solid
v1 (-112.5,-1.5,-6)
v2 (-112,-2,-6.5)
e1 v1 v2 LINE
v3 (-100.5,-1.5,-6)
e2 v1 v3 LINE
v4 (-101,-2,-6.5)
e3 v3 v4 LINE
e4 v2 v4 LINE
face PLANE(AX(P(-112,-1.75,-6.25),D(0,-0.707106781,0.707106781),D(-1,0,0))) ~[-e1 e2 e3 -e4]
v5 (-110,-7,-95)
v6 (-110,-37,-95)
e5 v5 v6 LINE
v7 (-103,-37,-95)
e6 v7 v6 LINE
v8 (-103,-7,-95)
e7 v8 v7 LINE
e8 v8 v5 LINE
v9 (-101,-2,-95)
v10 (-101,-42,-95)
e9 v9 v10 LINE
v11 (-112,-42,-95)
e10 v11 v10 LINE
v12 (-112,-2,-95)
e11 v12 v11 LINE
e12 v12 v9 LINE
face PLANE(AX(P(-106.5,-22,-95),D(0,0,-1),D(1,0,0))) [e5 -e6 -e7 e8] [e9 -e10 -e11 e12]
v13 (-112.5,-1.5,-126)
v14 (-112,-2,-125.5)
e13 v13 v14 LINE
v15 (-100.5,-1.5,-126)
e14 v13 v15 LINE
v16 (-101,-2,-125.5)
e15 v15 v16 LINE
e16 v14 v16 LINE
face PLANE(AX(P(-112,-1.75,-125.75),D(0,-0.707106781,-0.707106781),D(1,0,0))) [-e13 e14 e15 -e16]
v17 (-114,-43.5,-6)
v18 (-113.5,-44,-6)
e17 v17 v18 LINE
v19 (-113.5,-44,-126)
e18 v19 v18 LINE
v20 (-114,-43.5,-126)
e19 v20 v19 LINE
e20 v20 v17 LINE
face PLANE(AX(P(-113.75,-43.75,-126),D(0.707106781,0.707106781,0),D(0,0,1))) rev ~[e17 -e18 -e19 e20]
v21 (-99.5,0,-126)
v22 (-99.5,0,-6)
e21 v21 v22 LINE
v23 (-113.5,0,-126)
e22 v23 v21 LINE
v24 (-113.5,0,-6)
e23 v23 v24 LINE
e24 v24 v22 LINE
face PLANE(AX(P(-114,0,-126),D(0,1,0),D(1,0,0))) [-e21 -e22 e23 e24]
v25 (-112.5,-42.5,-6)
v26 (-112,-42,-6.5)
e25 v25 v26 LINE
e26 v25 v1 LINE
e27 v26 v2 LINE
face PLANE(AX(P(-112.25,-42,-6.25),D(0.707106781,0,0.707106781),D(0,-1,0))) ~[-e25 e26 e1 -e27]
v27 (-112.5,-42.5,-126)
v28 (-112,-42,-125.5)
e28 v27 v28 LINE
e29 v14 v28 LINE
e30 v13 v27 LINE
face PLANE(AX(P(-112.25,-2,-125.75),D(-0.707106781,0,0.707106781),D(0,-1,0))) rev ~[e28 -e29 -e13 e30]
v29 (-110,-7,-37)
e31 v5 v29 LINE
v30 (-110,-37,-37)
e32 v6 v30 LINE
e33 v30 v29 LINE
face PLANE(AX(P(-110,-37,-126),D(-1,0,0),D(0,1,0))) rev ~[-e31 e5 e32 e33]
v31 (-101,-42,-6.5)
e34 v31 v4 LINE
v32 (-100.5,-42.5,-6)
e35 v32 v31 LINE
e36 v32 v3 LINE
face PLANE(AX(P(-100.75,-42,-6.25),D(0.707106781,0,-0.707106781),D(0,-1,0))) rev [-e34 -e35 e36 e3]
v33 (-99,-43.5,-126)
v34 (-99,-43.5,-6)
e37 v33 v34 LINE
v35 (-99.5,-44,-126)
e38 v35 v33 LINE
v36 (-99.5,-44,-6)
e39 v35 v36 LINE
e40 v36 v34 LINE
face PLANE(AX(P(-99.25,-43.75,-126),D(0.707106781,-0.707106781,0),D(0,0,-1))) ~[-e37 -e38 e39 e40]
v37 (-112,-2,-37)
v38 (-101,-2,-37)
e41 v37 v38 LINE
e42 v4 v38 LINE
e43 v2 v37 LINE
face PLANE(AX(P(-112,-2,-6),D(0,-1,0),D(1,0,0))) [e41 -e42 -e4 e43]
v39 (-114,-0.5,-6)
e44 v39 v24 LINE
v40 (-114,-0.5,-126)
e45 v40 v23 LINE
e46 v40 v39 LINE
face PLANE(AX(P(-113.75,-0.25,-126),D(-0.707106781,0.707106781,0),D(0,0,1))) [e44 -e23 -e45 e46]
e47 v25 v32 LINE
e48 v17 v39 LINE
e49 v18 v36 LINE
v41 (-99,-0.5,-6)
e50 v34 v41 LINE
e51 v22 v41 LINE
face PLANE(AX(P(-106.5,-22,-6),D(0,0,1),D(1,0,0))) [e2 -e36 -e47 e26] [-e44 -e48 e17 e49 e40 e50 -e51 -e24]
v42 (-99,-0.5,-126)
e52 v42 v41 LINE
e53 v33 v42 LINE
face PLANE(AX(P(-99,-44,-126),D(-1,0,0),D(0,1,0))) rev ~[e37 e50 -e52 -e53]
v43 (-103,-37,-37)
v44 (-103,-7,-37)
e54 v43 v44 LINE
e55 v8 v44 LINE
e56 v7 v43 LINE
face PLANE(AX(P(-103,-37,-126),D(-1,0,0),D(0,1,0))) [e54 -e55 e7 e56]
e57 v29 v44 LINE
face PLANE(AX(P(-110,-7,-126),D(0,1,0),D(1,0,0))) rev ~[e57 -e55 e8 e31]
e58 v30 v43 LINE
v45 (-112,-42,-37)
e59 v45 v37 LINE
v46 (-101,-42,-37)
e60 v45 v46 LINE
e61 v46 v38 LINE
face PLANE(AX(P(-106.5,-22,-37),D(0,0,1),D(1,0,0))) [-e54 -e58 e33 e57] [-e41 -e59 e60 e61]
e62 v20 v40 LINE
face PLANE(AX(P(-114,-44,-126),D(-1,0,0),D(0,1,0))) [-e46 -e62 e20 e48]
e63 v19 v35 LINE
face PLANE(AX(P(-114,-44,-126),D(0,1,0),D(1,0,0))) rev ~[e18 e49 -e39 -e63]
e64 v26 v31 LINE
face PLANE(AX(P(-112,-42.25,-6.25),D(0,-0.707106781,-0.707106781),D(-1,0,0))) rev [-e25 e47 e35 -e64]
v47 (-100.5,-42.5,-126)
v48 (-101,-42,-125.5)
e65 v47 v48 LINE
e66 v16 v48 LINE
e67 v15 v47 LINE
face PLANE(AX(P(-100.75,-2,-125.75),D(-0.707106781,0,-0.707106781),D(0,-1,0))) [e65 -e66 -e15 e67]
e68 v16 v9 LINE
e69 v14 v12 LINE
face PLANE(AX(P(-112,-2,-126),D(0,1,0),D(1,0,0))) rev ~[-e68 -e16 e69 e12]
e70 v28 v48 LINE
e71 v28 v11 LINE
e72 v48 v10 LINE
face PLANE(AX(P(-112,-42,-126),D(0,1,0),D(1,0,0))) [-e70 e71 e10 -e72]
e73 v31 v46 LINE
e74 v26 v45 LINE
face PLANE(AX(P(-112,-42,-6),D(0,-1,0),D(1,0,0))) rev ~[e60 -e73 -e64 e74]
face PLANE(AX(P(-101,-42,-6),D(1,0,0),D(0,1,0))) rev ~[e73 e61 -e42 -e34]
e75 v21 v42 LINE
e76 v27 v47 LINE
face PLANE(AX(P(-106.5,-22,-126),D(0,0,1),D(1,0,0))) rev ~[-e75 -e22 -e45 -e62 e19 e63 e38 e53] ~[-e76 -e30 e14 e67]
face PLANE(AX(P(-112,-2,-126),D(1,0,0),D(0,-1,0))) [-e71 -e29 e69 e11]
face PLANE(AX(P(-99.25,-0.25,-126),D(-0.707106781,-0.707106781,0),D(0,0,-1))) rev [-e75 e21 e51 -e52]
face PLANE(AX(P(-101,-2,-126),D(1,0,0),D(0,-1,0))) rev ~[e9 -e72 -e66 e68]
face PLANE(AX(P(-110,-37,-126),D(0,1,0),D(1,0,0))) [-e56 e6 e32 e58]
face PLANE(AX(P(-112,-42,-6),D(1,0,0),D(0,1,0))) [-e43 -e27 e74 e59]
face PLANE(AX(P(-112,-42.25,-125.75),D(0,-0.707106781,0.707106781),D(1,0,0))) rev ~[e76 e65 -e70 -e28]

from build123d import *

# Parameters (mm, degrees)
SKETCH117_W     = 15
SKETCH117_H     = 44
SKETCH117_W_2   = 7
SKETCH117_H_2   = 30
PAD063_DEPTH    = 120
SKETCH118_W     = 11
SKETCH118_H     = 40
POCKET044_DEPTH = 31
SKETCH119_W     = 11
SKETCH119_H     = 40
POCKET045_DEPTH = 31
CHAMFER061_SIZE = 0.5
CHAMFER062_SIZE = 0.5


with BuildPart() as part:
    # Sketch117 → Pad063 (new body)
    with BuildSketch(Plane.XY):
        Rectangle(SKETCH117_W, SKETCH117_H)
        Rectangle(SKETCH117_W_2, SKETCH117_H_2, mode=Mode.SUBTRACT)
    extrude(amount=PAD063_DEPTH)

    # Sketch118 (on Face9 of Pad063) → Pocket044 (cut)
    with BuildSketch(Plane(origin=(0, 0, 0), x_dir=(1, 0, 0), z_dir=(0, 0, -1))):
        Rectangle(SKETCH118_W, SKETCH118_H)
    extrude(amount=-POCKET044_DEPTH, mode=Mode.SUBTRACT)

    # Sketch119 (on Face5 of Pocket044) → Pocket045 (cut)
    with BuildSketch(Plane.XY.offset(120)):
        Rectangle(SKETCH119_W, SKETCH119_H)
    extrude(amount=-POCKET045_DEPTH, mode=Mode.SUBTRACT)

    # Chamfer061
    chamfer061_edges = [part.edges().sort_by_distance(p)[0] for p in [
        (7.5, -22, 60),
        (-7.5, -22, 60),
        (-7.5, 22, 60),
        (7.5, 22, 60),
    ]]
    chamfer(chamfer061_edges, length=CHAMFER061_SIZE)

    # Chamfer062
    chamfer062_edges = [part.edges().sort_by_distance(p)[0] for p in [
        (-5.5, 0, 120),
        (0, -20, 120),
        (5.5, 0, 120),
        (0, 20, 120),
        (-5.5, 0, 0),
        (5.5, 0, 0),
        (0, -20, 0),
        (0, 20, 0),
    ]]
    chamfer(chamfer062_edges, length=CHAMFER062_SIZE)


with BuildPart() as part_1:
    # Body022 placement: moved
    add(part.part.moved(Location((-106.5, -22, -126))))


solid = part_1.part
